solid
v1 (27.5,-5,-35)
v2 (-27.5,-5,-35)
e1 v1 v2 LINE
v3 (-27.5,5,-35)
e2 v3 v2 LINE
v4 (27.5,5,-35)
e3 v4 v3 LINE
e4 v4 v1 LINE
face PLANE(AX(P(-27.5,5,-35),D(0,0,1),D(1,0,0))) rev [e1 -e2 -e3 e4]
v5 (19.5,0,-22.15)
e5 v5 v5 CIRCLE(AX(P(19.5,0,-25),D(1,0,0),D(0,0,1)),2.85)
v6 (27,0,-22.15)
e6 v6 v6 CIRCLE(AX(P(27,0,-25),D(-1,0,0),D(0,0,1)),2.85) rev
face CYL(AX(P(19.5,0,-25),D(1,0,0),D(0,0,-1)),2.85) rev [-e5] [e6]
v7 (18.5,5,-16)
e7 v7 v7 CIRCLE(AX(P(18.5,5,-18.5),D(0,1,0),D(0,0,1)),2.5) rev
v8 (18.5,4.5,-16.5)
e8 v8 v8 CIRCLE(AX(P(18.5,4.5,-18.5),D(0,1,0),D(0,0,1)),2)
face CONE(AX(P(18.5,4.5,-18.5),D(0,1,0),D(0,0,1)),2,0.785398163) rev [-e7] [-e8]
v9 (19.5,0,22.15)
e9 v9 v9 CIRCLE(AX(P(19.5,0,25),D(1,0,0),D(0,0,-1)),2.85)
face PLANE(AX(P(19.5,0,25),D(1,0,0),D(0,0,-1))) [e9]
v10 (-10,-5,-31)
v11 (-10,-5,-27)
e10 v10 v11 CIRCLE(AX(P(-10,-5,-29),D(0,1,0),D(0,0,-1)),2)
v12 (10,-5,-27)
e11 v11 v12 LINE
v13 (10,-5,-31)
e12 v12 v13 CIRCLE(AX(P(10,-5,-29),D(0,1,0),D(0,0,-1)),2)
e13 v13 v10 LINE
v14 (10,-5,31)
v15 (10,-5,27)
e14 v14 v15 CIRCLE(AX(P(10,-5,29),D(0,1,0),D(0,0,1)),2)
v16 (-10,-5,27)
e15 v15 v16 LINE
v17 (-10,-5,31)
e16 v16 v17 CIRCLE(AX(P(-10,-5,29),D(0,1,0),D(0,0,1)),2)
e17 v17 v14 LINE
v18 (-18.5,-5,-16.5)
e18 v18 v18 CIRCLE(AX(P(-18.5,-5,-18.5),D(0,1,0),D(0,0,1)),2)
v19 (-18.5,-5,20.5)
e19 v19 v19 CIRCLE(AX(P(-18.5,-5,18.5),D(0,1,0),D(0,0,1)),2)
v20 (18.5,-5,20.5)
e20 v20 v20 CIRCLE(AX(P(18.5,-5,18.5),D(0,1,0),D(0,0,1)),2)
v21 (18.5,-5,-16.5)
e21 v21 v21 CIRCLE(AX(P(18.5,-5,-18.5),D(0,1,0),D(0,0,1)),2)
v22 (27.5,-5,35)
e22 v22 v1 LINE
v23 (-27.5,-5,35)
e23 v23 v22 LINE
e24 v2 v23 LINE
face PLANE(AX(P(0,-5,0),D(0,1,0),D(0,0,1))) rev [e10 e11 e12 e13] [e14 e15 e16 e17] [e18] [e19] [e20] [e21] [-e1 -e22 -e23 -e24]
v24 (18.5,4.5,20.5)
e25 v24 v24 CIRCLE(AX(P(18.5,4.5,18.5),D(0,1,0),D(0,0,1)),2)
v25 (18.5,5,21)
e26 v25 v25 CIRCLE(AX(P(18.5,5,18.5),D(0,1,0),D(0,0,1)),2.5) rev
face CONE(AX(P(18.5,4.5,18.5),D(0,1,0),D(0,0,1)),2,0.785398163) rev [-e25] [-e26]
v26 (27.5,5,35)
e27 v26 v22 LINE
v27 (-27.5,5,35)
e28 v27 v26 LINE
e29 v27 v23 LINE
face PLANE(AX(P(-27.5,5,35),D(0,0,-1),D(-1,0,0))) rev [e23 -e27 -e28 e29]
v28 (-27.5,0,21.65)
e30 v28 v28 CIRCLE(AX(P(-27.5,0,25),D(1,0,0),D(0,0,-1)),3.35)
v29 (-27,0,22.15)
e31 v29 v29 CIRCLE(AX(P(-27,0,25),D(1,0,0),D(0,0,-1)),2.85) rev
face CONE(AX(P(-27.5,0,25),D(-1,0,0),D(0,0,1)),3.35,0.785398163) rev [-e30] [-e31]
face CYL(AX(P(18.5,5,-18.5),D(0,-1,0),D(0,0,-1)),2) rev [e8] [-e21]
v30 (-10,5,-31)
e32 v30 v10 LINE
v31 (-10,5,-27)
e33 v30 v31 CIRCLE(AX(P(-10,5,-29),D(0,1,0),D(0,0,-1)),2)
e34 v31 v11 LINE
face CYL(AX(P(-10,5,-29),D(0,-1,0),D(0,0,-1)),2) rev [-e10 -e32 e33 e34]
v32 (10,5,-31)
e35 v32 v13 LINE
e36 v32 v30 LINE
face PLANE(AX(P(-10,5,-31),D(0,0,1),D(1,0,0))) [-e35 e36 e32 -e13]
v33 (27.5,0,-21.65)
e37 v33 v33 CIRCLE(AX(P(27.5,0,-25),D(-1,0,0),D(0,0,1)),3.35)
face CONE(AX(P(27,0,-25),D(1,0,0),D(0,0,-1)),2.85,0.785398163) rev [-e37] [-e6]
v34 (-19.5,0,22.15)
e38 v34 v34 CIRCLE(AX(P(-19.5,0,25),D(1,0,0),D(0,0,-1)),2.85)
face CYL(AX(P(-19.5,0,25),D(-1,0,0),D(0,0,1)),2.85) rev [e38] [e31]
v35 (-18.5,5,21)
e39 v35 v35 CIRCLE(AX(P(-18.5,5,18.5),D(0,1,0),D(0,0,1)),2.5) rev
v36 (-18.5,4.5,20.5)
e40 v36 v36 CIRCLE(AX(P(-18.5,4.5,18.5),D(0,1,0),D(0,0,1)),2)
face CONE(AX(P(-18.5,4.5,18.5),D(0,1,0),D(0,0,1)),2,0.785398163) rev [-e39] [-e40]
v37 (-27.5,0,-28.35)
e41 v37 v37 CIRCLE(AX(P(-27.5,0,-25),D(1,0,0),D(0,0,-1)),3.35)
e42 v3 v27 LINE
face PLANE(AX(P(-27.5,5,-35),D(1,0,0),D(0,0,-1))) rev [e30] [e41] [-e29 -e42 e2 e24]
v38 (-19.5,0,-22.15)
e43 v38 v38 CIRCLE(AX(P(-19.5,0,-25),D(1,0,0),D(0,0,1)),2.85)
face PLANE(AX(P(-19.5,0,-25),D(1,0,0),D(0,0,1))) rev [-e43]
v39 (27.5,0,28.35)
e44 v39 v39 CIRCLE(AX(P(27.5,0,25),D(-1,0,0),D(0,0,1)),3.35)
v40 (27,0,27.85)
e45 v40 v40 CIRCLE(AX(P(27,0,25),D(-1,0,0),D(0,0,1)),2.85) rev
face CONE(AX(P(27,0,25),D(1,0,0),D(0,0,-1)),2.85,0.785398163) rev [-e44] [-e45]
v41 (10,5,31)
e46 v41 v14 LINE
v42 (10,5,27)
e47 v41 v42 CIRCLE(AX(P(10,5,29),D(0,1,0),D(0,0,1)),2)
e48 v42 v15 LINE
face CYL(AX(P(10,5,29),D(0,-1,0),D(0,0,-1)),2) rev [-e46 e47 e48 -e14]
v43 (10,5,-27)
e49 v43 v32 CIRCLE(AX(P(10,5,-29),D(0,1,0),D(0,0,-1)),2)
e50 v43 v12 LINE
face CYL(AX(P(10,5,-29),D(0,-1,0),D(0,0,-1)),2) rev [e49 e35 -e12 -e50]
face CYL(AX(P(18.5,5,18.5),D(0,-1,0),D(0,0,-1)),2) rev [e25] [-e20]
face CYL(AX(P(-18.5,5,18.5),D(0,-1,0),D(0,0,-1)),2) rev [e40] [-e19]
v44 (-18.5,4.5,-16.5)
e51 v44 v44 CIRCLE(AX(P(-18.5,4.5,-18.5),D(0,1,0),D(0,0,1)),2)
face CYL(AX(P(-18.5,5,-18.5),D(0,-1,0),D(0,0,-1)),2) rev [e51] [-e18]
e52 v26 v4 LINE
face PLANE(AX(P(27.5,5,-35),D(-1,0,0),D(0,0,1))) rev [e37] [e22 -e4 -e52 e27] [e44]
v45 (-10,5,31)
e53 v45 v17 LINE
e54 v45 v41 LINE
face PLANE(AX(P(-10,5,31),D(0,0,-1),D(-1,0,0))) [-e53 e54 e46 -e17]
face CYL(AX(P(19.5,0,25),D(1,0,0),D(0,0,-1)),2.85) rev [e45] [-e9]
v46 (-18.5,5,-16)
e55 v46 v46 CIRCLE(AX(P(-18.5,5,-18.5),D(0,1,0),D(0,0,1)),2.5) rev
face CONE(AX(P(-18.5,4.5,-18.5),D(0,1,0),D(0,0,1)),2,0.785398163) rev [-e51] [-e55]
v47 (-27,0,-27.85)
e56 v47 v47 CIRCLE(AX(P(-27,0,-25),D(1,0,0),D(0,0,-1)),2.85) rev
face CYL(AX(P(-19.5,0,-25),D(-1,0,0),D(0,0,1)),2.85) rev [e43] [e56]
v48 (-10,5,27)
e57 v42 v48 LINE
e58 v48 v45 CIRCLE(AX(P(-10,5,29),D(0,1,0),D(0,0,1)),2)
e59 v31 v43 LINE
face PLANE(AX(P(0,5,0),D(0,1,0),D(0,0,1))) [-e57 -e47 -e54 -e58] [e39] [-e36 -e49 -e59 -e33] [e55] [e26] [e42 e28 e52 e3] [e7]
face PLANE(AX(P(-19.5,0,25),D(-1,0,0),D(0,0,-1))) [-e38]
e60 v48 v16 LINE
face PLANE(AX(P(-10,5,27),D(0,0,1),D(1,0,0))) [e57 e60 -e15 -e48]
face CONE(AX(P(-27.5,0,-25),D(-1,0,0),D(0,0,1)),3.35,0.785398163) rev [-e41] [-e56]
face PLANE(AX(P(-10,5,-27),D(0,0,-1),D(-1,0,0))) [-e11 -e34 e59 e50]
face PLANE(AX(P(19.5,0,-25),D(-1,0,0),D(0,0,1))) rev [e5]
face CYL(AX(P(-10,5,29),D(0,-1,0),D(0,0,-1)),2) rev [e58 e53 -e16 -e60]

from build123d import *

# Parameters (mm, degrees)
SKETCH1_W           = 55
SKETCH1_H           = 70
SKETCH1_R           = 2
BOSS_EXTRUDE1_DEPTH = 5
SKETCH2_R           = 2.85
CUT_EXTRUDE1_DEPTH  = 8
CHAMFER1_SIZE       = 0.5


with BuildPart() as part:
    # Sketch1 → Boss-Extrude1 (new, symmetric)
    with BuildSketch(Plane(origin=(0, 0, 0), x_dir=(1, 0, 0), z_dir=(0, 1, 0))):
        Rectangle(SKETCH1_W, SKETCH1_H)
        with Locations(Location((18.5, -18.5, 0), (0, 0, 270))):
            Circle(SKETCH1_R, mode=Mode.SUBTRACT)
        with Locations(Location((-18.5, -18.5, 0), (0, 0, 270))):
            Circle(SKETCH1_R, mode=Mode.SUBTRACT)
        with Locations(Location((18.5, 18.5, 0), (0, 0, 270))):
            Circle(SKETCH1_R, mode=Mode.SUBTRACT)
        with Locations(Location((-18.5, 18.5, 0), (0, 0, 270))):
            Circle(SKETCH1_R, mode=Mode.SUBTRACT)
        with BuildLine():
            Line((-10, 27), (10, 27))
            ThreePointArc((10, 27), (12, 29), (10, 31))
            Line((10, 31), (-10, 31))
            ThreePointArc((-10, 31), (-12, 29), (-10, 27))
        make_face(mode=Mode.SUBTRACT)
        with BuildLine():
            Line((-10, -31), (10, -31))
            ThreePointArc((10, -31), (12, -29), (10, -27))
            Line((10, -27), (-10, -27))
            ThreePointArc((-10, -27), (-12, -29), (-10, -31))
        make_face(mode=Mode.SUBTRACT)
    extrude(amount=BOSS_EXTRUDE1_DEPTH, both=True)

    # Sketch2 → Cut-Extrude1 (cut)
    with BuildSketch(Plane(origin=(27.5, 0, 0), x_dir=(0, 0, -1), z_dir=(1, 0, 0))):
        with Locations((-25, 0)):
            Circle(SKETCH2_R)
        with Locations(Location((25, 0, 0), (0, 0, 180))):
            Circle(SKETCH2_R)
    cut_extrude1 = extrude(amount=-CUT_EXTRUDE1_DEPTH, mode=Mode.SUBTRACT)

    # Mirror1: Cut-Extrude1 across plane
    add(cut_extrude1.mirror(Plane(origin=(0, 0, 0), x_dir=(0, 0, 1), z_dir=(1, 0, 0))), mode=Mode.SUBTRACT)

    # Chamfer1
    chamfer1_edges = [part.edges().sort_by_distance(p)[0] for p in [
        (-18.5, 5, 16.5),
        (18.5, 5, -20.5),
        (18.5, 5, 16.5),
        (-18.5, 5, -20.5),
        (27.5, 0, 27.85),
        (27.5, 0, -27.85),
        (-27.5, 0, 27.85),
        (-27.5, 0, -27.85),
    ]]
    chamfer(chamfer1_edges, length=CHAMFER1_SIZE)


solid = part.part
